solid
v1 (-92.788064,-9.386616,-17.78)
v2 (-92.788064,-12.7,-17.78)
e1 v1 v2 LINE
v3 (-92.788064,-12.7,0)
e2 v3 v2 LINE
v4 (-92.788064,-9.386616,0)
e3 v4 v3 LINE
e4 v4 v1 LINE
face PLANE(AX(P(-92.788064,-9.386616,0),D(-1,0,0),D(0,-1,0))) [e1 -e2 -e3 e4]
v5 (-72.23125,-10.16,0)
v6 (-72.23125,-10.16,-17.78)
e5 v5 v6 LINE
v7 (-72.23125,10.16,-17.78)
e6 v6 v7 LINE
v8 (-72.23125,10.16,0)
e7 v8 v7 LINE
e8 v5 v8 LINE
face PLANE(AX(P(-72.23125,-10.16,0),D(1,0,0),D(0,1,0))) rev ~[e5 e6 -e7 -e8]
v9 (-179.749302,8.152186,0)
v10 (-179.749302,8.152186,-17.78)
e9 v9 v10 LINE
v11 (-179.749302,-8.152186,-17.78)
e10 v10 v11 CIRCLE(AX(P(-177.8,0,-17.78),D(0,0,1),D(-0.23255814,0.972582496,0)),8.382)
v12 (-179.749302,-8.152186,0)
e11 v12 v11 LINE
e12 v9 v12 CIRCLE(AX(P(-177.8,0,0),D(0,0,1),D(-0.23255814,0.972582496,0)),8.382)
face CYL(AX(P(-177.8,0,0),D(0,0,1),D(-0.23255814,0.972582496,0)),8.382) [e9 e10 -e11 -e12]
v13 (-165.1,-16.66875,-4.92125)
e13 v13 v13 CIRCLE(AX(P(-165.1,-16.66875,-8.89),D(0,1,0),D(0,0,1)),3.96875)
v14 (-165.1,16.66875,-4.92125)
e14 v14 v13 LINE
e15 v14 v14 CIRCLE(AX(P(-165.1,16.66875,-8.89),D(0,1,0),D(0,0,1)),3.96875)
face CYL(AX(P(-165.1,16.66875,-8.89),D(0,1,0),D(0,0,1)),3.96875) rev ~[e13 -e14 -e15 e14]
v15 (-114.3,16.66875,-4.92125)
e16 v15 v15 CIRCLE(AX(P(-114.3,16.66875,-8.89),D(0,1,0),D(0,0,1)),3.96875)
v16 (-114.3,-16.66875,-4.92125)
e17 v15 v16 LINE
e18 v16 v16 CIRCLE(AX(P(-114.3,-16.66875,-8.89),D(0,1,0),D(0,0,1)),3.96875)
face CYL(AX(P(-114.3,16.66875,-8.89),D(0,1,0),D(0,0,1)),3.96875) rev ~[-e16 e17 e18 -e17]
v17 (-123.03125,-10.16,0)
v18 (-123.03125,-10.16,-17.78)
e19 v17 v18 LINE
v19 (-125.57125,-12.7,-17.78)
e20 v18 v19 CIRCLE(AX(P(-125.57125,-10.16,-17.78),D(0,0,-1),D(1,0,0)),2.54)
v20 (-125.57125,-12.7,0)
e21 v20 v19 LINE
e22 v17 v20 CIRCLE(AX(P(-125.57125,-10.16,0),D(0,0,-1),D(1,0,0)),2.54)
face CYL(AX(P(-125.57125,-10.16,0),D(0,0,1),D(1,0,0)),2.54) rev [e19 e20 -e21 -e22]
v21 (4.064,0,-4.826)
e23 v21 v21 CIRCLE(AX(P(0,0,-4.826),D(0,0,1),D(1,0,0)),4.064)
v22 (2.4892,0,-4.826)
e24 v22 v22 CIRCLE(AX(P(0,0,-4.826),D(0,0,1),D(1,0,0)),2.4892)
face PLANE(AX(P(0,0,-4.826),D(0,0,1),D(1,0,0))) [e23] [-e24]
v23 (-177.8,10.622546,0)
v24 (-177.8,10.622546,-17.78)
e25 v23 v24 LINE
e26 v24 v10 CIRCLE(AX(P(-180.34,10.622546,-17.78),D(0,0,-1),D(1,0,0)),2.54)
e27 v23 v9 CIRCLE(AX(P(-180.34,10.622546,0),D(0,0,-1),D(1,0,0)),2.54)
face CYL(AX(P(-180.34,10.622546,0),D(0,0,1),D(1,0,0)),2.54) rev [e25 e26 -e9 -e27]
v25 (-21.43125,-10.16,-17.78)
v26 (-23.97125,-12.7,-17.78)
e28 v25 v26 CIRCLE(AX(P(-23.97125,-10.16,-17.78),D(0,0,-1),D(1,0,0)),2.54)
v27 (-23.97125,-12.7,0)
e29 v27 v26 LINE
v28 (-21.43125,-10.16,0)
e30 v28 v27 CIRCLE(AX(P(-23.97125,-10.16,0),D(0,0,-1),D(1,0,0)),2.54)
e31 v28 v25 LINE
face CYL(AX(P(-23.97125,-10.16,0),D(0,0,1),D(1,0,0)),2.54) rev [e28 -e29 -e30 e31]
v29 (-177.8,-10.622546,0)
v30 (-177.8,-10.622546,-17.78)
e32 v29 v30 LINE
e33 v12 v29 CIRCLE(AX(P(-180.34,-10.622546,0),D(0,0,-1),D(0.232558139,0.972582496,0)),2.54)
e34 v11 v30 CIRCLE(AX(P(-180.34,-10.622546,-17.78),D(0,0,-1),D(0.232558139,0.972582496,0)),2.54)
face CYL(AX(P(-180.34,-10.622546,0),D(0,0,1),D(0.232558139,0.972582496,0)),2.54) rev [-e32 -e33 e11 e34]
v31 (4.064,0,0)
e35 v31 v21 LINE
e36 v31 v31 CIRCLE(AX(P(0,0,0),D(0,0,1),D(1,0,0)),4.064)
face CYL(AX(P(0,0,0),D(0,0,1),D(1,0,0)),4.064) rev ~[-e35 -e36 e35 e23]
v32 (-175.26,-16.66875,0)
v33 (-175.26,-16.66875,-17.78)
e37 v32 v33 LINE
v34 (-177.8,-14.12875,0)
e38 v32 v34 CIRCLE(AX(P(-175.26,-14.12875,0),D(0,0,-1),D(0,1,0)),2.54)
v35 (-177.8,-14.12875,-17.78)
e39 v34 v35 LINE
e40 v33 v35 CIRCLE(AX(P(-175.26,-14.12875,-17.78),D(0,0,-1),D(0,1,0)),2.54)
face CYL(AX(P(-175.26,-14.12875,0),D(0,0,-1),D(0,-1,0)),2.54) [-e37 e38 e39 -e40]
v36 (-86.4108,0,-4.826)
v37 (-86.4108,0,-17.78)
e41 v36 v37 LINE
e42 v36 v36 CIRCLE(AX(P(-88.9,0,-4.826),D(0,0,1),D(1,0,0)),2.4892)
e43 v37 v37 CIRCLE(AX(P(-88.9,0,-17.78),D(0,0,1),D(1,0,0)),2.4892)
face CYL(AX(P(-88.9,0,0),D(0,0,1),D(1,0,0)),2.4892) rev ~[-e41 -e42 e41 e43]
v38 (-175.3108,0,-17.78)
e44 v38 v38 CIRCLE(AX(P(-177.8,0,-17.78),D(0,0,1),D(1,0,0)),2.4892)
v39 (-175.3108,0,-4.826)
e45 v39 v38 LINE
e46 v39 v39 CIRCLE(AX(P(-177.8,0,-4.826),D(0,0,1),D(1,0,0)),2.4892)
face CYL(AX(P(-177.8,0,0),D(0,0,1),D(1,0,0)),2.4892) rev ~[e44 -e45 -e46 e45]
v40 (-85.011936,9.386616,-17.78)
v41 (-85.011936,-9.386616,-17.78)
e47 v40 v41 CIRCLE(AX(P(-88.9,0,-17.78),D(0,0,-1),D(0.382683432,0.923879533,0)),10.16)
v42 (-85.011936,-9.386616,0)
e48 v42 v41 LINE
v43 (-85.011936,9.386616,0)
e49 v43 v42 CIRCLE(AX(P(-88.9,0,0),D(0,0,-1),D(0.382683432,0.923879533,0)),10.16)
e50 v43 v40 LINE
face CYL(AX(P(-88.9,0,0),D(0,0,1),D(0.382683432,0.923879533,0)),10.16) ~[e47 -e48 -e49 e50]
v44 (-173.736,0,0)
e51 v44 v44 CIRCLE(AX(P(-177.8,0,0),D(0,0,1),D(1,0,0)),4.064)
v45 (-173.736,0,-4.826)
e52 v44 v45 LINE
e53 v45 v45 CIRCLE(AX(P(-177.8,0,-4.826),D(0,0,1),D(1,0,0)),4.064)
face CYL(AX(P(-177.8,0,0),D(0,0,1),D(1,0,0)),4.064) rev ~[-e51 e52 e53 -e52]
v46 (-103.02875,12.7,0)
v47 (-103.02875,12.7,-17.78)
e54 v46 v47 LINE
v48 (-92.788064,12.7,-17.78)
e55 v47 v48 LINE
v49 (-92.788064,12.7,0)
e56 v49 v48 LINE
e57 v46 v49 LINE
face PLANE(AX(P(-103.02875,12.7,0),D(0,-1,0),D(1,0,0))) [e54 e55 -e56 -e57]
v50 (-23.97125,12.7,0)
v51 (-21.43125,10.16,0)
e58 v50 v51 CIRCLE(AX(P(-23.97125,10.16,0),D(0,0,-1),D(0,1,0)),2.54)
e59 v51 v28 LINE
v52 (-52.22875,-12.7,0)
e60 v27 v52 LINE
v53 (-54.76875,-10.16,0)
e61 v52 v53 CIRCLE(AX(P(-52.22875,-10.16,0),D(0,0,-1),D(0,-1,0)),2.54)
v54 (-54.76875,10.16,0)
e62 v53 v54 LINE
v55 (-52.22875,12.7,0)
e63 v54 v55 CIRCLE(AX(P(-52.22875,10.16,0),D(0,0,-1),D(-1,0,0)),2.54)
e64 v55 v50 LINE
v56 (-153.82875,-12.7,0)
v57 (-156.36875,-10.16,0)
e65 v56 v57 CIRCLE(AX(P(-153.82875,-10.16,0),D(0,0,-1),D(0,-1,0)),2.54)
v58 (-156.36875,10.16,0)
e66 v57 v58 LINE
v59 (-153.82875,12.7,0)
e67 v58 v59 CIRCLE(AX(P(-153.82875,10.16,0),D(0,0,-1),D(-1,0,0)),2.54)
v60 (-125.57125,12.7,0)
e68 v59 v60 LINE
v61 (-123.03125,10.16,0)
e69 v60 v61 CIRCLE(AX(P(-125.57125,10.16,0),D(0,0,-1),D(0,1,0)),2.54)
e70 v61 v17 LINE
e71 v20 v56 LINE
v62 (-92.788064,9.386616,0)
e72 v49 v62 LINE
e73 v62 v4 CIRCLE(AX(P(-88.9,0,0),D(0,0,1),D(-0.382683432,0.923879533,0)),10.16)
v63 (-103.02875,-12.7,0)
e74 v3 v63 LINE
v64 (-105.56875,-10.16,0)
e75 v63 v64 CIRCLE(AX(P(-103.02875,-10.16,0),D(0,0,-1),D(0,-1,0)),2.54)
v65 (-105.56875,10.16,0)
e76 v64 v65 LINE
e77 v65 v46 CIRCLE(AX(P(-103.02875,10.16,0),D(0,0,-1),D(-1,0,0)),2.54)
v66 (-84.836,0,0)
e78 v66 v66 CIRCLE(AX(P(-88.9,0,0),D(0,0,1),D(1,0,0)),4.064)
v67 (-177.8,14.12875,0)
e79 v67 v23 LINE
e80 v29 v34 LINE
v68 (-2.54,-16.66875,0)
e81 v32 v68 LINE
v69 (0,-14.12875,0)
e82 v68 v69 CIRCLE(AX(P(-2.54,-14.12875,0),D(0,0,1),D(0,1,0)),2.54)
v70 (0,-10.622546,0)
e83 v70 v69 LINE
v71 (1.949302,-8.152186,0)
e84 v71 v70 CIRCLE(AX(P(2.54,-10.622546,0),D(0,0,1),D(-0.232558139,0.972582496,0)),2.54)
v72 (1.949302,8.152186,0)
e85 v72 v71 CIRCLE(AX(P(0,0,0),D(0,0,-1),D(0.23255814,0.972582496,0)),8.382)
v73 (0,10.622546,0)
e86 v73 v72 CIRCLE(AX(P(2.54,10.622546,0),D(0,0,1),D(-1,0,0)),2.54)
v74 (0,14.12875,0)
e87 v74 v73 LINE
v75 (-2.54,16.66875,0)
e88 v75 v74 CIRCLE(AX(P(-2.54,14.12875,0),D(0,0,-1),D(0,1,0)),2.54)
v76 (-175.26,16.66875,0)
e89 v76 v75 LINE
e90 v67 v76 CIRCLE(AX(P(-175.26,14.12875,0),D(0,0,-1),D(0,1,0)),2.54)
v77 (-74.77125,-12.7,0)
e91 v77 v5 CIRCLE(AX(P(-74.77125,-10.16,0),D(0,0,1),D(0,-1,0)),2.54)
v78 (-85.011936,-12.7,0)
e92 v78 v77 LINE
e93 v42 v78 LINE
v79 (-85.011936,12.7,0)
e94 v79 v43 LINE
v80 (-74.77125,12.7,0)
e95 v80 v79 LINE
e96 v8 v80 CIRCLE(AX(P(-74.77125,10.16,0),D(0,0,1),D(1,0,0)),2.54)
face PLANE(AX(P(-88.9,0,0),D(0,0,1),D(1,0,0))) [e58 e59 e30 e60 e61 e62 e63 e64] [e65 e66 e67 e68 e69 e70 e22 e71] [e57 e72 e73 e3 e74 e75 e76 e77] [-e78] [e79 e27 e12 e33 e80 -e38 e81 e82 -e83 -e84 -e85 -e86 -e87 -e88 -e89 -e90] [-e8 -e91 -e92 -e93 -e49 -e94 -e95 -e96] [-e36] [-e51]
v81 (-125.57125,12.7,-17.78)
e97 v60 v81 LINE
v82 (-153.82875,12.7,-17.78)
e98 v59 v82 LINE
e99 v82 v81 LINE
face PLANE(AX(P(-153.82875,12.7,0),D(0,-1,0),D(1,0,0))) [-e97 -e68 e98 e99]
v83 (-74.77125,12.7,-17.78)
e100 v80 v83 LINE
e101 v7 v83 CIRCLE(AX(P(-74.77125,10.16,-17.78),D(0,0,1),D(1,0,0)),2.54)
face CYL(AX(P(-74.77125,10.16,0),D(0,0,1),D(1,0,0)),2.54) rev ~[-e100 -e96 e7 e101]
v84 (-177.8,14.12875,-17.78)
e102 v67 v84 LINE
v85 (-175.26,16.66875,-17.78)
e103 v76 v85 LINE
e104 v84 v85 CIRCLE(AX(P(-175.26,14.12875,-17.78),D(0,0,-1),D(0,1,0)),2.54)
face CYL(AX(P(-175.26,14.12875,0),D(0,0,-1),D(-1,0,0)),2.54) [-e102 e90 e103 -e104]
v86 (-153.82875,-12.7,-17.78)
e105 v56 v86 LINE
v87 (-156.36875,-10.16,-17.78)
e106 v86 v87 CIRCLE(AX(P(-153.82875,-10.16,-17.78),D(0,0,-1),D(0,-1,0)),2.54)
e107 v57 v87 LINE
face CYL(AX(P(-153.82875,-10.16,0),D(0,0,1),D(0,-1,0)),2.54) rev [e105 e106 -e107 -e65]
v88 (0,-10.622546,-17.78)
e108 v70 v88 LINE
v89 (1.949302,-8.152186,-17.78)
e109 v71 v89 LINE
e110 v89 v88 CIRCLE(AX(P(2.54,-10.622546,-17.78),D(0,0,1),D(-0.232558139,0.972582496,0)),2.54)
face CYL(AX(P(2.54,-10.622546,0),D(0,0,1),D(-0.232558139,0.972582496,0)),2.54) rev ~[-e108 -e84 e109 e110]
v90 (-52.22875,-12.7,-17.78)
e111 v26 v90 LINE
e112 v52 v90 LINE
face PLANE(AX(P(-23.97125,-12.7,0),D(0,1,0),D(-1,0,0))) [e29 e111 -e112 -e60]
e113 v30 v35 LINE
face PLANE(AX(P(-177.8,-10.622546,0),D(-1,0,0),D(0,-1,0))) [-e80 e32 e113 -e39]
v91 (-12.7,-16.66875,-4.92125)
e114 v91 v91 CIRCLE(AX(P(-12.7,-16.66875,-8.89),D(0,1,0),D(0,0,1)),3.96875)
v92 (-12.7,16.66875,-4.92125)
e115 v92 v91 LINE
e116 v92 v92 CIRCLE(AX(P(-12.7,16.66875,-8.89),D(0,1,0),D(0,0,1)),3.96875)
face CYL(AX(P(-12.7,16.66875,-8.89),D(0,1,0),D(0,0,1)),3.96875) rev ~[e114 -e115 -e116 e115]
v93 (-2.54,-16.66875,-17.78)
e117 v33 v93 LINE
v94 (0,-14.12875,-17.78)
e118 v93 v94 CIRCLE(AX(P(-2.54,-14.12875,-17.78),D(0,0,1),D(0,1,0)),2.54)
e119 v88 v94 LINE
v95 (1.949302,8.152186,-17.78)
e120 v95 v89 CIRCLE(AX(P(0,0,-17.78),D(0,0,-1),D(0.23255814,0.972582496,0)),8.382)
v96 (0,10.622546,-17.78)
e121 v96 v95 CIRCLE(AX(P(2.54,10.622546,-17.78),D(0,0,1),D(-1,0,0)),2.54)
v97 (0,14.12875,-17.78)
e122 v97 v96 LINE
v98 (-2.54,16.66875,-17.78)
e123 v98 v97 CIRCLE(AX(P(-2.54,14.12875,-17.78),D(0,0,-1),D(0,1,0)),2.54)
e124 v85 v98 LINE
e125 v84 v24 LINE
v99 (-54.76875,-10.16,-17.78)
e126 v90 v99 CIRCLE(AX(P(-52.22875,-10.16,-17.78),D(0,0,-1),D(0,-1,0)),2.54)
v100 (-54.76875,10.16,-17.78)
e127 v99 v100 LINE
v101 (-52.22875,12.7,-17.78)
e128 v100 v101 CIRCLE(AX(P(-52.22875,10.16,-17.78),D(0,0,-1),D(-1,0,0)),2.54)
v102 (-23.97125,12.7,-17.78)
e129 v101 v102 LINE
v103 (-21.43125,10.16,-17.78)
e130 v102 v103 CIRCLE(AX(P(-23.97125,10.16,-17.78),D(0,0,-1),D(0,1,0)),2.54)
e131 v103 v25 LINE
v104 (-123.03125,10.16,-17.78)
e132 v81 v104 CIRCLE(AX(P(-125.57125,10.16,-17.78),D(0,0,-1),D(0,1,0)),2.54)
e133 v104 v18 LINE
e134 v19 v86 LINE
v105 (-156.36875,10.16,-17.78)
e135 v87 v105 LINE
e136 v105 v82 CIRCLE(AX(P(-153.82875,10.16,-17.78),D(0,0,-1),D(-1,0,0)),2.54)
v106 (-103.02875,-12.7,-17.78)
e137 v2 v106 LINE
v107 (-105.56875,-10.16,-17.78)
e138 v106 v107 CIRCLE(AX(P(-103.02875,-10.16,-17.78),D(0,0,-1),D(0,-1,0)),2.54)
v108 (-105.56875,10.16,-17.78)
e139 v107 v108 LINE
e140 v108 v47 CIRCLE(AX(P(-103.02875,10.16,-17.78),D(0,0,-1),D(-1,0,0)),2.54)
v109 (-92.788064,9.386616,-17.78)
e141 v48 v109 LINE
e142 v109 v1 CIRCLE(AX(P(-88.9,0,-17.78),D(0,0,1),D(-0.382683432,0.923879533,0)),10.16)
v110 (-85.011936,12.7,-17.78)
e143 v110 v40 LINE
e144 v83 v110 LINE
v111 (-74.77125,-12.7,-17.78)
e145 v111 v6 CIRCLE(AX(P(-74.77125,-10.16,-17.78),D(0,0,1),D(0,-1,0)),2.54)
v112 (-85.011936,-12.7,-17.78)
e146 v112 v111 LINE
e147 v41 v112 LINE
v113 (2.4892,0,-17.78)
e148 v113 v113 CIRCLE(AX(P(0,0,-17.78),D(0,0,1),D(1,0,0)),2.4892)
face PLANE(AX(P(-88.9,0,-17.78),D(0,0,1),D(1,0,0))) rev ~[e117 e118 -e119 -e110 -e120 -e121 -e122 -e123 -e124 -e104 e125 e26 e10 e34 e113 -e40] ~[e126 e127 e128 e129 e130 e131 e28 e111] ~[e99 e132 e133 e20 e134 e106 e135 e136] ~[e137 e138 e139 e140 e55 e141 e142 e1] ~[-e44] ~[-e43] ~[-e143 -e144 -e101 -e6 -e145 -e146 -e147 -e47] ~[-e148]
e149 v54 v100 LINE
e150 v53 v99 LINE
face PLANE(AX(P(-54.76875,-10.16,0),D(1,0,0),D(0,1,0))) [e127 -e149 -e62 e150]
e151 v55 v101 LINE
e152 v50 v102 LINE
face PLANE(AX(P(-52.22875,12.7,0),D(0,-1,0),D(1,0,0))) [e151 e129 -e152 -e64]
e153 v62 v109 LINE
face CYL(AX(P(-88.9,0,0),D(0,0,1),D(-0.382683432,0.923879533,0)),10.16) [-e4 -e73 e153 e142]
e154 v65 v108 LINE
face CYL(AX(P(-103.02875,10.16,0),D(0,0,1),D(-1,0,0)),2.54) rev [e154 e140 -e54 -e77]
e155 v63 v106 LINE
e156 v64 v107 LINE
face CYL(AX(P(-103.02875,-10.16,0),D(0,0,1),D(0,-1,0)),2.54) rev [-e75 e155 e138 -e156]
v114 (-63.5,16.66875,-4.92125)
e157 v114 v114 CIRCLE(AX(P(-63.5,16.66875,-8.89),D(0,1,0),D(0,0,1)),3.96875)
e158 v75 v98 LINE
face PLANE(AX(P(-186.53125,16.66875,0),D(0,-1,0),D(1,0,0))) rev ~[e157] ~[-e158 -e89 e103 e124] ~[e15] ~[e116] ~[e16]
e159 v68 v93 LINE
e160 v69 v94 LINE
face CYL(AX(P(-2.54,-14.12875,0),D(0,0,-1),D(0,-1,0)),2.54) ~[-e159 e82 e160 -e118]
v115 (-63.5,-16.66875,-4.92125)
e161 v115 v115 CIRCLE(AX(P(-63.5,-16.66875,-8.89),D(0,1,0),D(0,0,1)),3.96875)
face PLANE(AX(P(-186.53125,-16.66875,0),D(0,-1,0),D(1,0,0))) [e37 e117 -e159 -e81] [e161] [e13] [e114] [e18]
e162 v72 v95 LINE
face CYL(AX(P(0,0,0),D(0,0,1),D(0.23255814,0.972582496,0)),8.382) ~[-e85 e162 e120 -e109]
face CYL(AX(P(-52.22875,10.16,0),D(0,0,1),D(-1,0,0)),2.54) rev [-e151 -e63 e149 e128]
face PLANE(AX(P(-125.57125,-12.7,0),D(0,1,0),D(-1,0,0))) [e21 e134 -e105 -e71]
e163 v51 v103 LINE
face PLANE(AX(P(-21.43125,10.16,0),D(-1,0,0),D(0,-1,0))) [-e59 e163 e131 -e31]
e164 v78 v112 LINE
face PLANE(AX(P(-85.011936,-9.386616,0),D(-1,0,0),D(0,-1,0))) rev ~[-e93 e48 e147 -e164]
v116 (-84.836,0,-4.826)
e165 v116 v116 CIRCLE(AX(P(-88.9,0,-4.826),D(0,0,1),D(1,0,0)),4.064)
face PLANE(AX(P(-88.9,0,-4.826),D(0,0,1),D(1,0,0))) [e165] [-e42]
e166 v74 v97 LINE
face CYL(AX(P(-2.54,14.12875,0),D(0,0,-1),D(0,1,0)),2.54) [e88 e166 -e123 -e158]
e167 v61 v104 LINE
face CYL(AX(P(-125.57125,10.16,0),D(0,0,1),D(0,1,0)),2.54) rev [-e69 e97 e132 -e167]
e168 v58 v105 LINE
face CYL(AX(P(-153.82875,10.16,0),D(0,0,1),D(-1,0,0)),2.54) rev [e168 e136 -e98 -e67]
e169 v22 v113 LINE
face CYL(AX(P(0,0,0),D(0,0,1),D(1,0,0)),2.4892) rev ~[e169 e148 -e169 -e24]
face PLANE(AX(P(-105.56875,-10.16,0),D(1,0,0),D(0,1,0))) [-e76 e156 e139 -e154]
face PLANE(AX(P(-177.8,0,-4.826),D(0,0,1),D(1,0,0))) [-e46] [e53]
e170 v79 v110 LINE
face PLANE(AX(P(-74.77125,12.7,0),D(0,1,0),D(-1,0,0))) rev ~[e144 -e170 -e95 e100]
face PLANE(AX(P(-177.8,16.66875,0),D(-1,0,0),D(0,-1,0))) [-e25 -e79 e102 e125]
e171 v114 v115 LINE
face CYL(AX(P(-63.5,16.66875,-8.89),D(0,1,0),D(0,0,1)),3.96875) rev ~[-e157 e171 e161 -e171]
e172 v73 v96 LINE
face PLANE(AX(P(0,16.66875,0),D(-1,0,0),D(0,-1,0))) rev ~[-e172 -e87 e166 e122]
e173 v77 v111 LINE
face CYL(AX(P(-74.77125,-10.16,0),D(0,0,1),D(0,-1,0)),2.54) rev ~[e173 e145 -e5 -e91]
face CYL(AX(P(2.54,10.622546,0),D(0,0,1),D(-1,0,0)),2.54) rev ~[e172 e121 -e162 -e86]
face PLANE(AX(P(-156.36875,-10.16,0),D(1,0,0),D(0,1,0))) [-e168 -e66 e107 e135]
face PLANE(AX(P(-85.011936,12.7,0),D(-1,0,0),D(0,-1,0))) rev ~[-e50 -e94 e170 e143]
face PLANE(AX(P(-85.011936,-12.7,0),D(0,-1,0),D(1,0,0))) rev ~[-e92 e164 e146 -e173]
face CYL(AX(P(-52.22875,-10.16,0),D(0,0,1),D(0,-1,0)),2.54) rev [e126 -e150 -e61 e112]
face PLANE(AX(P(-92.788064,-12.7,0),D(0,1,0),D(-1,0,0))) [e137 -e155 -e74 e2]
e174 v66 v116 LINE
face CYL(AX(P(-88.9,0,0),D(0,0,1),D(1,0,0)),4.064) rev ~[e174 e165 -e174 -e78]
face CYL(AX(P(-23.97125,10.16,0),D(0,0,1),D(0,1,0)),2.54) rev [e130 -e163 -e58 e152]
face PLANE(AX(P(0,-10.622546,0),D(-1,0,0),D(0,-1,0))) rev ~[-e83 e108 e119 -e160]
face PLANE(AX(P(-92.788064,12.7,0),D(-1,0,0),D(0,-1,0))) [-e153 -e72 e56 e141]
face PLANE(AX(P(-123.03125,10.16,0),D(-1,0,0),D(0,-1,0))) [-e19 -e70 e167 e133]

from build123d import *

# Parameters (mm, degrees)
SKETCH1_W           = 195.2625
SKETCH1_H           = 33.3375
SKETCH1_R           = 2.4892
BOSS_EXTRUDE1_DEPTH = 17.78
SKETCH2_R           = 3.96875
CUT_EXTRUDE1_DEPTH  = 33.3375
SKETCH3_R           = 4.064
CUT_EXTRUDE2_DEPTH  = 4.826
CUT_EXTRUDE3_DEPTH  = 17.78
FILLET1_R           = 2.54


with BuildPart() as part:
    # Sketch1 → Boss-Extrude1 (new body)
    with BuildSketch(Plane.XY):
        with Locations((-88.9, 0)):
            Rectangle(SKETCH1_W, SKETCH1_H)
        Circle(SKETCH1_R, mode=Mode.SUBTRACT)
        with Locations((-177.8, 0)):
            Circle(SKETCH1_R, mode=Mode.SUBTRACT)
        with Locations((-88.9, 0)):
            Circle(SKETCH1_R, mode=Mode.SUBTRACT)
    extrude(amount=-BOSS_EXTRUDE1_DEPTH)

    # Sketch2 → Cut-Extrude1 (cut)
    with BuildSketch(Plane(origin=(0, 16.66875, 0), x_dir=(1, 0, 0), z_dir=(0, 1, 0))):
        with Locations(Location((-12.7, 8.89, 0), (0, 0, 270))):
            Circle(SKETCH2_R)
        with Locations(Location((-63.5, 8.89, 0), (0, 0, 270))):
            Circle(SKETCH2_R)
        with Locations(Location((-114.3, 8.89, 0), (0, 0, 270))):
            Circle(SKETCH2_R)
        with Locations(Location((-165.1, 8.89, 0), (0, 0, 270))):
            Circle(SKETCH2_R)
    extrude(amount=-CUT_EXTRUDE1_DEPTH, mode=Mode.SUBTRACT)

    # Sketch3 → Cut-Extrude2 (cut)
    with BuildSketch(Plane.XY):
        Circle(SKETCH3_R)
        with Locations((-88.9, 0)):
            Circle(SKETCH3_R)
        with Locations((-177.8, 0)):
            Circle(SKETCH3_R)
    extrude(amount=-CUT_EXTRUDE2_DEPTH, mode=Mode.SUBTRACT)

    # Sketch5 → Cut-Extrude3 (cut)
    with BuildSketch(Plane.XY):
        with BuildLine():
            Line((0, -16.66875), (8.73125, -16.66875))
            Line((8.73125, -16.66875), (8.73125, 16.66875))
            Line((8.73125, 16.66875), (0, 16.66875))
            Line((0, 16.66875), (0, 10.622546022))
            ThreePointArc((0, 10.622546022), (0.546012526, 9.049137635), (1.949302326, 8.152186482))
            ThreePointArc((1.949302326, 8.152186482), (8.382, 0), (1.949302326, -8.152186482))
            ThreePointArc((1.949302326, -8.152186482), (0.546012526, -9.049137635), (0, -10.622546022))
            Line((0, -10.622546022), (0, -16.66875))
        make_face()
        with BuildLine():
            Line((-23.97125, -12.7), (-52.22875, -12.7))
            ThreePointArc((-52.22875, -12.7), (-54.024801224, -11.956051224), (-54.76875, -10.16))
            Line((-54.76875, -10.16), (-54.76875, 10.16))
            ThreePointArc((-54.76875, 10.16), (-54.024801224, 11.956051224), (-52.22875, 12.7))
            Line((-52.22875, 12.7), (-23.97125, 12.7))
            ThreePointArc((-23.97125, 12.7), (-22.175198776, 11.956051224), (-21.43125, 10.16))
            Line((-21.43125, 10.16), (-21.43125, -10.16))
            ThreePointArc((-21.43125, -10.16), (-22.175198776, -11.956051224), (-23.97125, -12.7))
        make_face()
        with BuildLine():
            Line((-85.011936327, -9.38661605), (-85.011936327, -12.7))
            Line((-85.011936327, -12.7), (-74.77125, -12.7))
            ThreePointArc((-74.77125, -12.7), (-72.975198776, -11.956051224), (-72.23125, -10.16))
            Line((-72.23125, -10.16), (-72.23125, 10.16))
            ThreePointArc((-72.23125, 10.16), (-72.975198776, 11.956051224), (-74.77125, 12.7))
            Line((-74.77125, 12.7), (-85.011936327, 12.7))
            Line((-85.011936327, 12.7), (-85.011936327, 9.38661605))
            ThreePointArc((-85.011936327, 9.38661605), (-78.74, 0), (-85.011936327, -9.38661605))
        make_face()
        with BuildLine():
            Line((-103.02875, 12.7), (-92.788063673, 12.7))
            Line((-92.788063673, 12.7), (-92.788063673, 9.38661605))
            ThreePointArc((-92.788063673, 9.38661605), (-99.06, 0), (-92.788063673, -9.38661605))
            Line((-92.788063673, -9.38661605), (-92.788063673, -12.7))
            Line((-92.788063673, -12.7), (-103.02875, -12.7))
            ThreePointArc((-103.02875, -12.7), (-104.824801224, -11.956051224), (-105.56875, -10.16))
            Line((-105.56875, -10.16), (-105.56875, 10.16))
            ThreePointArc((-105.56875, 10.16), (-104.824801224, 11.956051224), (-103.02875, 12.7))
        make_face()
        with BuildLine():
            Line((-153.82875, 12.7), (-125.57125, 12.7))
            ThreePointArc((-125.57125, 12.7), (-123.775198776, 11.956051224), (-123.03125, 10.16))
            Line((-123.03125, 10.16), (-123.03125, -10.16))
            ThreePointArc((-123.03125, -10.16), (-123.775198776, -11.956051224), (-125.57125, -12.7))
            Line((-125.57125, -12.7), (-153.82875, -12.7))
            ThreePointArc((-153.82875, -12.7), (-155.624801224, -11.956051224), (-156.36875, -10.16))
            Line((-156.36875, -10.16), (-156.36875, 10.16))
            ThreePointArc((-156.36875, 10.16), (-155.624801224, 11.956051224), (-153.82875, 12.7))
        make_face()
        with BuildLine():
            Line((-186.53125, -16.66875), (-186.53125, 16.66875))
            Line((-186.53125, 16.66875), (-177.8, 16.66875))
            Line((-177.8, 16.66875), (-177.8, 10.622546022))
            ThreePointArc((-177.8, 10.622546022), (-178.346012526, 9.049137635), (-179.749302326, 8.152186482))
            ThreePointArc((-179.749302326, 8.152186482), (-186.182, 0), (-179.749302326, -8.152186482))
            ThreePointArc((-179.749302326, -8.152186482), (-178.346012526, -9.049137635), (-177.8, -10.622546022))
            Line((-177.8, -10.622546022), (-177.8, -16.66875))
            Line((-177.8, -16.66875), (-186.53125, -16.66875))
        make_face()
    extrude(amount=-CUT_EXTRUDE3_DEPTH, mode=Mode.SUBTRACT)

    # Fillet1
    fillet1_edges = [part.edges().sort_by_distance(p)[0] for p in [
        (0, 16.66875, -8.89),
        (0, -16.66875, -8.89),
        (-177.8, -16.66875, -8.89),
        (-177.8, 16.66875, -8.89),
    ]]
    fillet(fillet1_edges, radius=FILLET1_R)


solid = part.part
